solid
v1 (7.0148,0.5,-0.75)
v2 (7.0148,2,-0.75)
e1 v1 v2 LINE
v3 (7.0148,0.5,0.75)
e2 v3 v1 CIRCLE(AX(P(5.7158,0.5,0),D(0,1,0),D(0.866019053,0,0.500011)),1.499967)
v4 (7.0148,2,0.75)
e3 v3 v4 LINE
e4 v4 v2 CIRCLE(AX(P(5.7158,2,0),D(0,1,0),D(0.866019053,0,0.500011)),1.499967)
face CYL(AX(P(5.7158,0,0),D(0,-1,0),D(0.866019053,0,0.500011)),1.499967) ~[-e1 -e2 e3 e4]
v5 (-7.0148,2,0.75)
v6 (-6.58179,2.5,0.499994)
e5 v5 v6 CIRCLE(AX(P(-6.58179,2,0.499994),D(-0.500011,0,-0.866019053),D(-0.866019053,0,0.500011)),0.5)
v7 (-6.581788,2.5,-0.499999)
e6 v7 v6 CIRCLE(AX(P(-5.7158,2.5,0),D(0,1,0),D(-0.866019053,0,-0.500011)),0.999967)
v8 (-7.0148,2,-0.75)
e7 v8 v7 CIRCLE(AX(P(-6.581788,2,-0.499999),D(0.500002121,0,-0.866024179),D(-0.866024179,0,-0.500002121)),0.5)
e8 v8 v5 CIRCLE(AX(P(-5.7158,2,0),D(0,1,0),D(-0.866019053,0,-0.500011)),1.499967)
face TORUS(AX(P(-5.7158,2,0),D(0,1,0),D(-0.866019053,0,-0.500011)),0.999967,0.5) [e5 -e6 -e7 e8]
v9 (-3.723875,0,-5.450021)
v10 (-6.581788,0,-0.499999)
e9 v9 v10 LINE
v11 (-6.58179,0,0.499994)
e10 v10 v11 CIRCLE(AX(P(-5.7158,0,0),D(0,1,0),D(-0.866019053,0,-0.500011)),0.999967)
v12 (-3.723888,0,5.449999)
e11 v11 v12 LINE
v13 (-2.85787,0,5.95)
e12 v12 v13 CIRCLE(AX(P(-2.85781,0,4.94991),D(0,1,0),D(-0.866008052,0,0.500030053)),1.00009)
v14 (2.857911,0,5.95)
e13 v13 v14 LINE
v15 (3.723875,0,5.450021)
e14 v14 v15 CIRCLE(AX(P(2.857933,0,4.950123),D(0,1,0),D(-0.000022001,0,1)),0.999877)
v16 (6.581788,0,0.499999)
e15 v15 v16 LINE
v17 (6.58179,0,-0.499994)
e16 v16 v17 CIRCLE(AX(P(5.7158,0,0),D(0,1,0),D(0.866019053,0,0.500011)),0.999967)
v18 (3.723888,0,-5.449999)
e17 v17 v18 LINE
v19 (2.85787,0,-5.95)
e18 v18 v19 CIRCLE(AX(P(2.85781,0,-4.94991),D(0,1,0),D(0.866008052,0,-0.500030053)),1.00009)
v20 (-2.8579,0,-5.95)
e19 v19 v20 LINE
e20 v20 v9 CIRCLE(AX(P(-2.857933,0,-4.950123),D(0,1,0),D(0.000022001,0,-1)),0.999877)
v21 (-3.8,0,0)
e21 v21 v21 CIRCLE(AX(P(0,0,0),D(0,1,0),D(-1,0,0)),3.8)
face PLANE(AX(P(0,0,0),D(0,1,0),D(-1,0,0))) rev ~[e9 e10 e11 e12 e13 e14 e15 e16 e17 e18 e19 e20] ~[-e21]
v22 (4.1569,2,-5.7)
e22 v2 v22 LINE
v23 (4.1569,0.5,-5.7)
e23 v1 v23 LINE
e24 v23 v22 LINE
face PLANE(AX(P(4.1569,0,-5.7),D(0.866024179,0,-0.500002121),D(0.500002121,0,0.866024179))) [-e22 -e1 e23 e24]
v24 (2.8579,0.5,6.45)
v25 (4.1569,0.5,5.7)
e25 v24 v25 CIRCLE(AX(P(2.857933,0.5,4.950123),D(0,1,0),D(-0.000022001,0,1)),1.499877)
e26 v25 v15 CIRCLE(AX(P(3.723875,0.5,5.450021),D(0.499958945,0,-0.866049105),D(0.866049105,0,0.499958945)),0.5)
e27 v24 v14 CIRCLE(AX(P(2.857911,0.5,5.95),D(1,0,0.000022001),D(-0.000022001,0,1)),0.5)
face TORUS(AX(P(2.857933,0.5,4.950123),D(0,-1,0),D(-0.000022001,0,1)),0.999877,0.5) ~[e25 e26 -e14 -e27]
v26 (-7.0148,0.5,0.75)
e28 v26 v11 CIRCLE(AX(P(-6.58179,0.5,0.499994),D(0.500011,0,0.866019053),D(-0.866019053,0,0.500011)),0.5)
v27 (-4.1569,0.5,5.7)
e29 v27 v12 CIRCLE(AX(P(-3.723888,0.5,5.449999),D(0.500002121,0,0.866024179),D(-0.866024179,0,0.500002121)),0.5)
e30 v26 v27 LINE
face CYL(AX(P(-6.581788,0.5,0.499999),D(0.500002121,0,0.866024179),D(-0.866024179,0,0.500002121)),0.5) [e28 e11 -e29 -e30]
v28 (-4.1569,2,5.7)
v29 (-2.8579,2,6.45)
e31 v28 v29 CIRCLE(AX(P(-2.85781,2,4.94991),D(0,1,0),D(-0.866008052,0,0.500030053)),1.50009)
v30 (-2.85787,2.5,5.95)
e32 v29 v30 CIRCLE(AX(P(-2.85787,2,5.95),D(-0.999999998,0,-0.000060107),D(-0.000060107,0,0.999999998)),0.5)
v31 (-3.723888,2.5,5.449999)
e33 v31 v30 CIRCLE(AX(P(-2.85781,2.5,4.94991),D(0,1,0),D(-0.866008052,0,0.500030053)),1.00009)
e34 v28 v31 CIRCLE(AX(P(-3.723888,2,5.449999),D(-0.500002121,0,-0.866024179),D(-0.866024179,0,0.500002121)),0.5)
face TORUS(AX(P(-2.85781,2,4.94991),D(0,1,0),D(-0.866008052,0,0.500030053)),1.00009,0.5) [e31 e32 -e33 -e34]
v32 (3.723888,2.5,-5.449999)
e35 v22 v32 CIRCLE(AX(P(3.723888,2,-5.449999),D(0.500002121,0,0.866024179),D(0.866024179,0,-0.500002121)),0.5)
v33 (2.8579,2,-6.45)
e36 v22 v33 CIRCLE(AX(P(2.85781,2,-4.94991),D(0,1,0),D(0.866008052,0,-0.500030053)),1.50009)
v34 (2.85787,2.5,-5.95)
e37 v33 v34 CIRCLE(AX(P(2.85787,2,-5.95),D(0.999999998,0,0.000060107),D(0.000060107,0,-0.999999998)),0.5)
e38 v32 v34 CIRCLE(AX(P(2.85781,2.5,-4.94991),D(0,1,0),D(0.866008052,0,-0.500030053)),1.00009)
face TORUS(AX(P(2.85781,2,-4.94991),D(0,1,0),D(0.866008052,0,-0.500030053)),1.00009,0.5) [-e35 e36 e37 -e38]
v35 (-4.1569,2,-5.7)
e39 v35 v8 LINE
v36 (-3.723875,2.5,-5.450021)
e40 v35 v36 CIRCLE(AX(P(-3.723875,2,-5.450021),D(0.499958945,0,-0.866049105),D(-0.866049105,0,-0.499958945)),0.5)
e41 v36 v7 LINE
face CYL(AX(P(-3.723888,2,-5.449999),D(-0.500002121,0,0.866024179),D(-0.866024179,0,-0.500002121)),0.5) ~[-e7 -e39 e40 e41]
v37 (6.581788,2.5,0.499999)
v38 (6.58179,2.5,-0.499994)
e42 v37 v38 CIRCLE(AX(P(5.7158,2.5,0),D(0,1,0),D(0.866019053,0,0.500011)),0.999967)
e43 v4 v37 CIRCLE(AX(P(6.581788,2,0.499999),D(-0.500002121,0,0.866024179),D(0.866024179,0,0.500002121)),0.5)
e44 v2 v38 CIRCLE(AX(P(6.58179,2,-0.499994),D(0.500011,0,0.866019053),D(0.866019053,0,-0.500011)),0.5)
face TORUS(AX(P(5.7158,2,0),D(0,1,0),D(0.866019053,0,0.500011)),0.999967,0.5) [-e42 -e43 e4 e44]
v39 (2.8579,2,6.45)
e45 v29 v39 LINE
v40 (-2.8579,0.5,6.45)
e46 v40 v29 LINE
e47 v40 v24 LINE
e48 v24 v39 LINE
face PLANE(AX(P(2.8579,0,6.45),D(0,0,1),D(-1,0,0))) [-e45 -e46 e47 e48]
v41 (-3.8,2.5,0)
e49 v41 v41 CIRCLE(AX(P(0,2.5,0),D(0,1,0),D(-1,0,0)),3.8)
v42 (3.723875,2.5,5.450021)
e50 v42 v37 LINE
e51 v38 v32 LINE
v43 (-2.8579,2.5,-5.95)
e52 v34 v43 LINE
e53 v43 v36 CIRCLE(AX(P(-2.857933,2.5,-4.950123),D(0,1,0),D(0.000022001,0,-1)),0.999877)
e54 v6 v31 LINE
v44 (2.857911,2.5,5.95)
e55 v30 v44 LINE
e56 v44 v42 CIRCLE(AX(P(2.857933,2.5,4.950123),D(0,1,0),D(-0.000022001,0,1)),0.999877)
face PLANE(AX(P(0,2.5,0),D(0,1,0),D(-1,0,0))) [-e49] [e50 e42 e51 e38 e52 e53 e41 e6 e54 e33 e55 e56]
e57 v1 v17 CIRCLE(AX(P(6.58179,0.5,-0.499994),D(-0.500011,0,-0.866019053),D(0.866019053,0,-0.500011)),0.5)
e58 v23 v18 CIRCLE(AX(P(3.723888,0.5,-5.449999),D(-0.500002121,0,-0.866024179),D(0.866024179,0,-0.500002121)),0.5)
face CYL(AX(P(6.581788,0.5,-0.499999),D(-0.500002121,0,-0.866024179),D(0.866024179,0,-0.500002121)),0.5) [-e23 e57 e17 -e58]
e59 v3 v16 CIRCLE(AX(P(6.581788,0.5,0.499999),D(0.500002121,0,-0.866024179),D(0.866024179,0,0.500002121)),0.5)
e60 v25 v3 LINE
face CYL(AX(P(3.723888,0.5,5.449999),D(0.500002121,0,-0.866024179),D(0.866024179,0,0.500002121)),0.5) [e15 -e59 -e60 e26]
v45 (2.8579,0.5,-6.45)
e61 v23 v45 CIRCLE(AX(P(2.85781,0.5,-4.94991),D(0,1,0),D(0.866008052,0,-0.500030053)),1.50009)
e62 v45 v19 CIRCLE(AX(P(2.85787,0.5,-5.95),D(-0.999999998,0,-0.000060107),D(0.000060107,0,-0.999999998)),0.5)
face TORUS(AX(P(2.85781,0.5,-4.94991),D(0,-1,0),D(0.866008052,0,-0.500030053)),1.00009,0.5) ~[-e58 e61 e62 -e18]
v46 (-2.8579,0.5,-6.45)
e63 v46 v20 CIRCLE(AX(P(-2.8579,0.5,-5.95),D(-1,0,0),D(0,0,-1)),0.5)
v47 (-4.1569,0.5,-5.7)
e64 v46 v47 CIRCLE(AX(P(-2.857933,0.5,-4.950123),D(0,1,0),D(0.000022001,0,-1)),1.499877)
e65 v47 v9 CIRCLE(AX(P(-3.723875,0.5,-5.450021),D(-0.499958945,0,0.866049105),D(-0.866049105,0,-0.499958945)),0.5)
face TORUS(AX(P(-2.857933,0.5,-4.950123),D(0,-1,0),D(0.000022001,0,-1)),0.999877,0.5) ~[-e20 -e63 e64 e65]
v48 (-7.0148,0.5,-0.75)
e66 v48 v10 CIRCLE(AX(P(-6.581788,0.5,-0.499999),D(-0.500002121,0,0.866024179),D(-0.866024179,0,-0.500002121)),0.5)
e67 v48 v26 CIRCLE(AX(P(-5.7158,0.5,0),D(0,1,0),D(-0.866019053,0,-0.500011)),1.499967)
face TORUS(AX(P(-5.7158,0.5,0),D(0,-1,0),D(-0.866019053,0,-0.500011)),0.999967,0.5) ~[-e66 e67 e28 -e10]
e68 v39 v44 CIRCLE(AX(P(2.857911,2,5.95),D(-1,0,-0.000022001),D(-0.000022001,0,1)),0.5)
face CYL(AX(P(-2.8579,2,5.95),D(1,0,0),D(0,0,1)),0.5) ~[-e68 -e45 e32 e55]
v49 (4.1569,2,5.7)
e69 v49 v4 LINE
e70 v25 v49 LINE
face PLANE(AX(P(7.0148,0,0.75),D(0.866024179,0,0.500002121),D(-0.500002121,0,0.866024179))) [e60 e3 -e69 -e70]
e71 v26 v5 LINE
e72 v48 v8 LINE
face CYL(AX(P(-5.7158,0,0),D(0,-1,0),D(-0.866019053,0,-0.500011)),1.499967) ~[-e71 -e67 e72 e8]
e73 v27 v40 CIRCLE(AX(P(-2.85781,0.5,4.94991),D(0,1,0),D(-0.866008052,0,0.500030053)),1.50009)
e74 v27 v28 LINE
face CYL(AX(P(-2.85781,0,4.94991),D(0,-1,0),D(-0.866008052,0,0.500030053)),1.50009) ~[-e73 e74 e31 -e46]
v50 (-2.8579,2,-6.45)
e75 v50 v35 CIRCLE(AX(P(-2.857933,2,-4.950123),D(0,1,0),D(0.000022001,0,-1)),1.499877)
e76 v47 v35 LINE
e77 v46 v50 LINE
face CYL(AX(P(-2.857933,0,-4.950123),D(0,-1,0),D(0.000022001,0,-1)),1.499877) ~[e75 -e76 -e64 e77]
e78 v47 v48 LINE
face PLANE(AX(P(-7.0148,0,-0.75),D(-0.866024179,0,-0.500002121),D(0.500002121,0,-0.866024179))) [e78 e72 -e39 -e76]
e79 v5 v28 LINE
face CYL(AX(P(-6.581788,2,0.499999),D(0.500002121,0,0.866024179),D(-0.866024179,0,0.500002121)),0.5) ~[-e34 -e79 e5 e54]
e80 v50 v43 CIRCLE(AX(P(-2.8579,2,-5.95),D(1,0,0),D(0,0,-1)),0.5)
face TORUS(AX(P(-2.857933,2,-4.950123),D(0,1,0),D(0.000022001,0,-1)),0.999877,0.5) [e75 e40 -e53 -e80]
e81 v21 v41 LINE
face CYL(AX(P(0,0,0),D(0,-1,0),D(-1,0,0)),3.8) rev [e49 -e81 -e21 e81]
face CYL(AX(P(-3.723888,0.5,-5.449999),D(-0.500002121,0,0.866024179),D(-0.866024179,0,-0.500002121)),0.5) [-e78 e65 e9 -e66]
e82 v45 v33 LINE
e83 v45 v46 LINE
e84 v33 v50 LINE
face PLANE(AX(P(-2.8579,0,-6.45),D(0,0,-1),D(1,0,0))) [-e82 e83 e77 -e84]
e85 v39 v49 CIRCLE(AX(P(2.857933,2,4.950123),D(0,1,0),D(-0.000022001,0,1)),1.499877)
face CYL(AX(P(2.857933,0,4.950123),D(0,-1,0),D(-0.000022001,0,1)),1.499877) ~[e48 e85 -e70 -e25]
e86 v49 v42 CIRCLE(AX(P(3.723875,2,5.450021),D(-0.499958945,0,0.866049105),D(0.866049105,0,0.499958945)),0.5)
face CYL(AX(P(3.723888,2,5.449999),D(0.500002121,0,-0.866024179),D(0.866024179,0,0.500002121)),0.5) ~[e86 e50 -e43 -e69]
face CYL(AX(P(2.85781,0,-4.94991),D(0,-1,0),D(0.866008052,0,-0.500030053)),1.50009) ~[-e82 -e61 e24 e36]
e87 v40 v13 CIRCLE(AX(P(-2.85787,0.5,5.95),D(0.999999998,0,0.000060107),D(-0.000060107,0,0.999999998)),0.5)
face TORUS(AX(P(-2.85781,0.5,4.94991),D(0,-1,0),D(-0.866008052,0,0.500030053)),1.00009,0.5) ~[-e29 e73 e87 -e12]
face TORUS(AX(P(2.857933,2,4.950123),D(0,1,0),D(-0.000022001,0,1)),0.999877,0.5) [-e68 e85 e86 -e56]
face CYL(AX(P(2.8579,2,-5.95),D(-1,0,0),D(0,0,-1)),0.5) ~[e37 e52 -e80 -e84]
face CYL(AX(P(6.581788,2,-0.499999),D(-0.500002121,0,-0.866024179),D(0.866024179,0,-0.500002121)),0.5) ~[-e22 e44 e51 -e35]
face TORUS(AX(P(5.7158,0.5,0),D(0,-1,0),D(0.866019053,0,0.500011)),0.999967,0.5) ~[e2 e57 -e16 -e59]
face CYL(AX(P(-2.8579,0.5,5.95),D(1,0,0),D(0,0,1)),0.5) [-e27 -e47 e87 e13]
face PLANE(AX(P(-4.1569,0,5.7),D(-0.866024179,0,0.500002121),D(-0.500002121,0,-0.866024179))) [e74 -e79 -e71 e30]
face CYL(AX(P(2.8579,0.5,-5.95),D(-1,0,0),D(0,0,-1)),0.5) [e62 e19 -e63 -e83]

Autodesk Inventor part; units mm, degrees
ref_plane "YZ Plane" through (0, 0, 0) normal (1, 0, 0) x (0, 1, 0)
ref_plane "XZ Plane" through (0, 0, 0) normal (0, 1, 0) x (-1, 0, 0)
ref_plane "XY Plane" through (0, 0, 0) normal (0, 0, 1) x (1, 0, 0)
sketch "Sketch1" plane through (0, 0, 0) normal (0, 1, 0) x (-1, 0, 0)
  line L0 (7.0148, -0.75) -> (4.1569, -5.7)
  line L1 (2.8579, -6.45) -> (-2.8579, -6.45)
  line L2 (-4.1569, -5.7) -> (-7.0148, -0.75)
  line L3 (-7.0148, 0.75) -> (-4.1569, 5.7)
  line L4 (-2.8579, 6.45) -> (2.8579, 6.45)
  line L5 (4.1569, 5.7) -> (7.0148, 0.75)
  arc A0 (7.0148, -0.75) -> (7.0148, 0.75) centre (5.7158, 0) ccw
  arc A1 (4.1569, 5.7) -> (2.8579, 6.45) centre (2.8579, 4.95) ccw
  arc A2 (-2.8579, 6.45) -> (-4.1569, 5.7) centre (-2.8579, 4.95) ccw
  arc A3 (-7.0148, 0.75) -> (-7.0148, -0.75) centre (-5.7158, 0) ccw
  arc A4 (-4.1569, -5.7) -> (-2.8579, -6.45) centre (-2.8579, -4.95) ccw
  arc A5 (2.8579, -6.45) -> (4.1569, -5.7) centre (2.8579, -4.95) ccw
  circle A6 centre (0, 0) radius 3.8
  point P0 (7.4478, 0)
  point P1 (3.7239, -6.45)
  point P2 (-3.7239, -6.45)
  point P3 (-7.4478, 0)
  point P4 (-3.7239, 6.45)
  point P5 (3.7239, 6.45)
  dimension "d0" = 12.9
  dimension "d1" = 1.5
  dimension "d2" = 1.5
  dimension "d3" = 7.6
extrude "Extrusion1" add sketch "Sketch1" along normal blind 2.5
fillet "Fillet1" radius 0.5 24 edges at (3.6079, 2.5, 6.249) (5.5859, 2.5, 3.225) (7.2158, 2.5, 0) (5.5859, 2.5, -3.225) (3.6079, 2.5, -6.249) (0, 2.5, -6.45) (-3.6079, 2.5, -6.249) (-5.5859, 2.5, -3.225) (-7.2158, 2.5, 0) (-5.5859, 2.5, 3.225) (-3.6079, 2.5, 6.249) (0, 2.5, 6.45) (3.6079, 0, 6.249) (5.5859, 0, 3.225) (7.2158, 0, 0) (5.5859, 0, -3.225) (3.6079, 0, -6.249) (0, 0, -6.45) (-3.6079, 0, -6.249) (-5.5859, 0, -3.225) (-7.2158, 0, 0) (-5.5859, 0, 3.225) (-3.6079, 0, 6.249) (0, 0, 6.45)
thread "Thread1" size "M8x0.75" class "6H" standard "ANSI Metric M Profile" length 12.5
properties part number "LED Nut"
